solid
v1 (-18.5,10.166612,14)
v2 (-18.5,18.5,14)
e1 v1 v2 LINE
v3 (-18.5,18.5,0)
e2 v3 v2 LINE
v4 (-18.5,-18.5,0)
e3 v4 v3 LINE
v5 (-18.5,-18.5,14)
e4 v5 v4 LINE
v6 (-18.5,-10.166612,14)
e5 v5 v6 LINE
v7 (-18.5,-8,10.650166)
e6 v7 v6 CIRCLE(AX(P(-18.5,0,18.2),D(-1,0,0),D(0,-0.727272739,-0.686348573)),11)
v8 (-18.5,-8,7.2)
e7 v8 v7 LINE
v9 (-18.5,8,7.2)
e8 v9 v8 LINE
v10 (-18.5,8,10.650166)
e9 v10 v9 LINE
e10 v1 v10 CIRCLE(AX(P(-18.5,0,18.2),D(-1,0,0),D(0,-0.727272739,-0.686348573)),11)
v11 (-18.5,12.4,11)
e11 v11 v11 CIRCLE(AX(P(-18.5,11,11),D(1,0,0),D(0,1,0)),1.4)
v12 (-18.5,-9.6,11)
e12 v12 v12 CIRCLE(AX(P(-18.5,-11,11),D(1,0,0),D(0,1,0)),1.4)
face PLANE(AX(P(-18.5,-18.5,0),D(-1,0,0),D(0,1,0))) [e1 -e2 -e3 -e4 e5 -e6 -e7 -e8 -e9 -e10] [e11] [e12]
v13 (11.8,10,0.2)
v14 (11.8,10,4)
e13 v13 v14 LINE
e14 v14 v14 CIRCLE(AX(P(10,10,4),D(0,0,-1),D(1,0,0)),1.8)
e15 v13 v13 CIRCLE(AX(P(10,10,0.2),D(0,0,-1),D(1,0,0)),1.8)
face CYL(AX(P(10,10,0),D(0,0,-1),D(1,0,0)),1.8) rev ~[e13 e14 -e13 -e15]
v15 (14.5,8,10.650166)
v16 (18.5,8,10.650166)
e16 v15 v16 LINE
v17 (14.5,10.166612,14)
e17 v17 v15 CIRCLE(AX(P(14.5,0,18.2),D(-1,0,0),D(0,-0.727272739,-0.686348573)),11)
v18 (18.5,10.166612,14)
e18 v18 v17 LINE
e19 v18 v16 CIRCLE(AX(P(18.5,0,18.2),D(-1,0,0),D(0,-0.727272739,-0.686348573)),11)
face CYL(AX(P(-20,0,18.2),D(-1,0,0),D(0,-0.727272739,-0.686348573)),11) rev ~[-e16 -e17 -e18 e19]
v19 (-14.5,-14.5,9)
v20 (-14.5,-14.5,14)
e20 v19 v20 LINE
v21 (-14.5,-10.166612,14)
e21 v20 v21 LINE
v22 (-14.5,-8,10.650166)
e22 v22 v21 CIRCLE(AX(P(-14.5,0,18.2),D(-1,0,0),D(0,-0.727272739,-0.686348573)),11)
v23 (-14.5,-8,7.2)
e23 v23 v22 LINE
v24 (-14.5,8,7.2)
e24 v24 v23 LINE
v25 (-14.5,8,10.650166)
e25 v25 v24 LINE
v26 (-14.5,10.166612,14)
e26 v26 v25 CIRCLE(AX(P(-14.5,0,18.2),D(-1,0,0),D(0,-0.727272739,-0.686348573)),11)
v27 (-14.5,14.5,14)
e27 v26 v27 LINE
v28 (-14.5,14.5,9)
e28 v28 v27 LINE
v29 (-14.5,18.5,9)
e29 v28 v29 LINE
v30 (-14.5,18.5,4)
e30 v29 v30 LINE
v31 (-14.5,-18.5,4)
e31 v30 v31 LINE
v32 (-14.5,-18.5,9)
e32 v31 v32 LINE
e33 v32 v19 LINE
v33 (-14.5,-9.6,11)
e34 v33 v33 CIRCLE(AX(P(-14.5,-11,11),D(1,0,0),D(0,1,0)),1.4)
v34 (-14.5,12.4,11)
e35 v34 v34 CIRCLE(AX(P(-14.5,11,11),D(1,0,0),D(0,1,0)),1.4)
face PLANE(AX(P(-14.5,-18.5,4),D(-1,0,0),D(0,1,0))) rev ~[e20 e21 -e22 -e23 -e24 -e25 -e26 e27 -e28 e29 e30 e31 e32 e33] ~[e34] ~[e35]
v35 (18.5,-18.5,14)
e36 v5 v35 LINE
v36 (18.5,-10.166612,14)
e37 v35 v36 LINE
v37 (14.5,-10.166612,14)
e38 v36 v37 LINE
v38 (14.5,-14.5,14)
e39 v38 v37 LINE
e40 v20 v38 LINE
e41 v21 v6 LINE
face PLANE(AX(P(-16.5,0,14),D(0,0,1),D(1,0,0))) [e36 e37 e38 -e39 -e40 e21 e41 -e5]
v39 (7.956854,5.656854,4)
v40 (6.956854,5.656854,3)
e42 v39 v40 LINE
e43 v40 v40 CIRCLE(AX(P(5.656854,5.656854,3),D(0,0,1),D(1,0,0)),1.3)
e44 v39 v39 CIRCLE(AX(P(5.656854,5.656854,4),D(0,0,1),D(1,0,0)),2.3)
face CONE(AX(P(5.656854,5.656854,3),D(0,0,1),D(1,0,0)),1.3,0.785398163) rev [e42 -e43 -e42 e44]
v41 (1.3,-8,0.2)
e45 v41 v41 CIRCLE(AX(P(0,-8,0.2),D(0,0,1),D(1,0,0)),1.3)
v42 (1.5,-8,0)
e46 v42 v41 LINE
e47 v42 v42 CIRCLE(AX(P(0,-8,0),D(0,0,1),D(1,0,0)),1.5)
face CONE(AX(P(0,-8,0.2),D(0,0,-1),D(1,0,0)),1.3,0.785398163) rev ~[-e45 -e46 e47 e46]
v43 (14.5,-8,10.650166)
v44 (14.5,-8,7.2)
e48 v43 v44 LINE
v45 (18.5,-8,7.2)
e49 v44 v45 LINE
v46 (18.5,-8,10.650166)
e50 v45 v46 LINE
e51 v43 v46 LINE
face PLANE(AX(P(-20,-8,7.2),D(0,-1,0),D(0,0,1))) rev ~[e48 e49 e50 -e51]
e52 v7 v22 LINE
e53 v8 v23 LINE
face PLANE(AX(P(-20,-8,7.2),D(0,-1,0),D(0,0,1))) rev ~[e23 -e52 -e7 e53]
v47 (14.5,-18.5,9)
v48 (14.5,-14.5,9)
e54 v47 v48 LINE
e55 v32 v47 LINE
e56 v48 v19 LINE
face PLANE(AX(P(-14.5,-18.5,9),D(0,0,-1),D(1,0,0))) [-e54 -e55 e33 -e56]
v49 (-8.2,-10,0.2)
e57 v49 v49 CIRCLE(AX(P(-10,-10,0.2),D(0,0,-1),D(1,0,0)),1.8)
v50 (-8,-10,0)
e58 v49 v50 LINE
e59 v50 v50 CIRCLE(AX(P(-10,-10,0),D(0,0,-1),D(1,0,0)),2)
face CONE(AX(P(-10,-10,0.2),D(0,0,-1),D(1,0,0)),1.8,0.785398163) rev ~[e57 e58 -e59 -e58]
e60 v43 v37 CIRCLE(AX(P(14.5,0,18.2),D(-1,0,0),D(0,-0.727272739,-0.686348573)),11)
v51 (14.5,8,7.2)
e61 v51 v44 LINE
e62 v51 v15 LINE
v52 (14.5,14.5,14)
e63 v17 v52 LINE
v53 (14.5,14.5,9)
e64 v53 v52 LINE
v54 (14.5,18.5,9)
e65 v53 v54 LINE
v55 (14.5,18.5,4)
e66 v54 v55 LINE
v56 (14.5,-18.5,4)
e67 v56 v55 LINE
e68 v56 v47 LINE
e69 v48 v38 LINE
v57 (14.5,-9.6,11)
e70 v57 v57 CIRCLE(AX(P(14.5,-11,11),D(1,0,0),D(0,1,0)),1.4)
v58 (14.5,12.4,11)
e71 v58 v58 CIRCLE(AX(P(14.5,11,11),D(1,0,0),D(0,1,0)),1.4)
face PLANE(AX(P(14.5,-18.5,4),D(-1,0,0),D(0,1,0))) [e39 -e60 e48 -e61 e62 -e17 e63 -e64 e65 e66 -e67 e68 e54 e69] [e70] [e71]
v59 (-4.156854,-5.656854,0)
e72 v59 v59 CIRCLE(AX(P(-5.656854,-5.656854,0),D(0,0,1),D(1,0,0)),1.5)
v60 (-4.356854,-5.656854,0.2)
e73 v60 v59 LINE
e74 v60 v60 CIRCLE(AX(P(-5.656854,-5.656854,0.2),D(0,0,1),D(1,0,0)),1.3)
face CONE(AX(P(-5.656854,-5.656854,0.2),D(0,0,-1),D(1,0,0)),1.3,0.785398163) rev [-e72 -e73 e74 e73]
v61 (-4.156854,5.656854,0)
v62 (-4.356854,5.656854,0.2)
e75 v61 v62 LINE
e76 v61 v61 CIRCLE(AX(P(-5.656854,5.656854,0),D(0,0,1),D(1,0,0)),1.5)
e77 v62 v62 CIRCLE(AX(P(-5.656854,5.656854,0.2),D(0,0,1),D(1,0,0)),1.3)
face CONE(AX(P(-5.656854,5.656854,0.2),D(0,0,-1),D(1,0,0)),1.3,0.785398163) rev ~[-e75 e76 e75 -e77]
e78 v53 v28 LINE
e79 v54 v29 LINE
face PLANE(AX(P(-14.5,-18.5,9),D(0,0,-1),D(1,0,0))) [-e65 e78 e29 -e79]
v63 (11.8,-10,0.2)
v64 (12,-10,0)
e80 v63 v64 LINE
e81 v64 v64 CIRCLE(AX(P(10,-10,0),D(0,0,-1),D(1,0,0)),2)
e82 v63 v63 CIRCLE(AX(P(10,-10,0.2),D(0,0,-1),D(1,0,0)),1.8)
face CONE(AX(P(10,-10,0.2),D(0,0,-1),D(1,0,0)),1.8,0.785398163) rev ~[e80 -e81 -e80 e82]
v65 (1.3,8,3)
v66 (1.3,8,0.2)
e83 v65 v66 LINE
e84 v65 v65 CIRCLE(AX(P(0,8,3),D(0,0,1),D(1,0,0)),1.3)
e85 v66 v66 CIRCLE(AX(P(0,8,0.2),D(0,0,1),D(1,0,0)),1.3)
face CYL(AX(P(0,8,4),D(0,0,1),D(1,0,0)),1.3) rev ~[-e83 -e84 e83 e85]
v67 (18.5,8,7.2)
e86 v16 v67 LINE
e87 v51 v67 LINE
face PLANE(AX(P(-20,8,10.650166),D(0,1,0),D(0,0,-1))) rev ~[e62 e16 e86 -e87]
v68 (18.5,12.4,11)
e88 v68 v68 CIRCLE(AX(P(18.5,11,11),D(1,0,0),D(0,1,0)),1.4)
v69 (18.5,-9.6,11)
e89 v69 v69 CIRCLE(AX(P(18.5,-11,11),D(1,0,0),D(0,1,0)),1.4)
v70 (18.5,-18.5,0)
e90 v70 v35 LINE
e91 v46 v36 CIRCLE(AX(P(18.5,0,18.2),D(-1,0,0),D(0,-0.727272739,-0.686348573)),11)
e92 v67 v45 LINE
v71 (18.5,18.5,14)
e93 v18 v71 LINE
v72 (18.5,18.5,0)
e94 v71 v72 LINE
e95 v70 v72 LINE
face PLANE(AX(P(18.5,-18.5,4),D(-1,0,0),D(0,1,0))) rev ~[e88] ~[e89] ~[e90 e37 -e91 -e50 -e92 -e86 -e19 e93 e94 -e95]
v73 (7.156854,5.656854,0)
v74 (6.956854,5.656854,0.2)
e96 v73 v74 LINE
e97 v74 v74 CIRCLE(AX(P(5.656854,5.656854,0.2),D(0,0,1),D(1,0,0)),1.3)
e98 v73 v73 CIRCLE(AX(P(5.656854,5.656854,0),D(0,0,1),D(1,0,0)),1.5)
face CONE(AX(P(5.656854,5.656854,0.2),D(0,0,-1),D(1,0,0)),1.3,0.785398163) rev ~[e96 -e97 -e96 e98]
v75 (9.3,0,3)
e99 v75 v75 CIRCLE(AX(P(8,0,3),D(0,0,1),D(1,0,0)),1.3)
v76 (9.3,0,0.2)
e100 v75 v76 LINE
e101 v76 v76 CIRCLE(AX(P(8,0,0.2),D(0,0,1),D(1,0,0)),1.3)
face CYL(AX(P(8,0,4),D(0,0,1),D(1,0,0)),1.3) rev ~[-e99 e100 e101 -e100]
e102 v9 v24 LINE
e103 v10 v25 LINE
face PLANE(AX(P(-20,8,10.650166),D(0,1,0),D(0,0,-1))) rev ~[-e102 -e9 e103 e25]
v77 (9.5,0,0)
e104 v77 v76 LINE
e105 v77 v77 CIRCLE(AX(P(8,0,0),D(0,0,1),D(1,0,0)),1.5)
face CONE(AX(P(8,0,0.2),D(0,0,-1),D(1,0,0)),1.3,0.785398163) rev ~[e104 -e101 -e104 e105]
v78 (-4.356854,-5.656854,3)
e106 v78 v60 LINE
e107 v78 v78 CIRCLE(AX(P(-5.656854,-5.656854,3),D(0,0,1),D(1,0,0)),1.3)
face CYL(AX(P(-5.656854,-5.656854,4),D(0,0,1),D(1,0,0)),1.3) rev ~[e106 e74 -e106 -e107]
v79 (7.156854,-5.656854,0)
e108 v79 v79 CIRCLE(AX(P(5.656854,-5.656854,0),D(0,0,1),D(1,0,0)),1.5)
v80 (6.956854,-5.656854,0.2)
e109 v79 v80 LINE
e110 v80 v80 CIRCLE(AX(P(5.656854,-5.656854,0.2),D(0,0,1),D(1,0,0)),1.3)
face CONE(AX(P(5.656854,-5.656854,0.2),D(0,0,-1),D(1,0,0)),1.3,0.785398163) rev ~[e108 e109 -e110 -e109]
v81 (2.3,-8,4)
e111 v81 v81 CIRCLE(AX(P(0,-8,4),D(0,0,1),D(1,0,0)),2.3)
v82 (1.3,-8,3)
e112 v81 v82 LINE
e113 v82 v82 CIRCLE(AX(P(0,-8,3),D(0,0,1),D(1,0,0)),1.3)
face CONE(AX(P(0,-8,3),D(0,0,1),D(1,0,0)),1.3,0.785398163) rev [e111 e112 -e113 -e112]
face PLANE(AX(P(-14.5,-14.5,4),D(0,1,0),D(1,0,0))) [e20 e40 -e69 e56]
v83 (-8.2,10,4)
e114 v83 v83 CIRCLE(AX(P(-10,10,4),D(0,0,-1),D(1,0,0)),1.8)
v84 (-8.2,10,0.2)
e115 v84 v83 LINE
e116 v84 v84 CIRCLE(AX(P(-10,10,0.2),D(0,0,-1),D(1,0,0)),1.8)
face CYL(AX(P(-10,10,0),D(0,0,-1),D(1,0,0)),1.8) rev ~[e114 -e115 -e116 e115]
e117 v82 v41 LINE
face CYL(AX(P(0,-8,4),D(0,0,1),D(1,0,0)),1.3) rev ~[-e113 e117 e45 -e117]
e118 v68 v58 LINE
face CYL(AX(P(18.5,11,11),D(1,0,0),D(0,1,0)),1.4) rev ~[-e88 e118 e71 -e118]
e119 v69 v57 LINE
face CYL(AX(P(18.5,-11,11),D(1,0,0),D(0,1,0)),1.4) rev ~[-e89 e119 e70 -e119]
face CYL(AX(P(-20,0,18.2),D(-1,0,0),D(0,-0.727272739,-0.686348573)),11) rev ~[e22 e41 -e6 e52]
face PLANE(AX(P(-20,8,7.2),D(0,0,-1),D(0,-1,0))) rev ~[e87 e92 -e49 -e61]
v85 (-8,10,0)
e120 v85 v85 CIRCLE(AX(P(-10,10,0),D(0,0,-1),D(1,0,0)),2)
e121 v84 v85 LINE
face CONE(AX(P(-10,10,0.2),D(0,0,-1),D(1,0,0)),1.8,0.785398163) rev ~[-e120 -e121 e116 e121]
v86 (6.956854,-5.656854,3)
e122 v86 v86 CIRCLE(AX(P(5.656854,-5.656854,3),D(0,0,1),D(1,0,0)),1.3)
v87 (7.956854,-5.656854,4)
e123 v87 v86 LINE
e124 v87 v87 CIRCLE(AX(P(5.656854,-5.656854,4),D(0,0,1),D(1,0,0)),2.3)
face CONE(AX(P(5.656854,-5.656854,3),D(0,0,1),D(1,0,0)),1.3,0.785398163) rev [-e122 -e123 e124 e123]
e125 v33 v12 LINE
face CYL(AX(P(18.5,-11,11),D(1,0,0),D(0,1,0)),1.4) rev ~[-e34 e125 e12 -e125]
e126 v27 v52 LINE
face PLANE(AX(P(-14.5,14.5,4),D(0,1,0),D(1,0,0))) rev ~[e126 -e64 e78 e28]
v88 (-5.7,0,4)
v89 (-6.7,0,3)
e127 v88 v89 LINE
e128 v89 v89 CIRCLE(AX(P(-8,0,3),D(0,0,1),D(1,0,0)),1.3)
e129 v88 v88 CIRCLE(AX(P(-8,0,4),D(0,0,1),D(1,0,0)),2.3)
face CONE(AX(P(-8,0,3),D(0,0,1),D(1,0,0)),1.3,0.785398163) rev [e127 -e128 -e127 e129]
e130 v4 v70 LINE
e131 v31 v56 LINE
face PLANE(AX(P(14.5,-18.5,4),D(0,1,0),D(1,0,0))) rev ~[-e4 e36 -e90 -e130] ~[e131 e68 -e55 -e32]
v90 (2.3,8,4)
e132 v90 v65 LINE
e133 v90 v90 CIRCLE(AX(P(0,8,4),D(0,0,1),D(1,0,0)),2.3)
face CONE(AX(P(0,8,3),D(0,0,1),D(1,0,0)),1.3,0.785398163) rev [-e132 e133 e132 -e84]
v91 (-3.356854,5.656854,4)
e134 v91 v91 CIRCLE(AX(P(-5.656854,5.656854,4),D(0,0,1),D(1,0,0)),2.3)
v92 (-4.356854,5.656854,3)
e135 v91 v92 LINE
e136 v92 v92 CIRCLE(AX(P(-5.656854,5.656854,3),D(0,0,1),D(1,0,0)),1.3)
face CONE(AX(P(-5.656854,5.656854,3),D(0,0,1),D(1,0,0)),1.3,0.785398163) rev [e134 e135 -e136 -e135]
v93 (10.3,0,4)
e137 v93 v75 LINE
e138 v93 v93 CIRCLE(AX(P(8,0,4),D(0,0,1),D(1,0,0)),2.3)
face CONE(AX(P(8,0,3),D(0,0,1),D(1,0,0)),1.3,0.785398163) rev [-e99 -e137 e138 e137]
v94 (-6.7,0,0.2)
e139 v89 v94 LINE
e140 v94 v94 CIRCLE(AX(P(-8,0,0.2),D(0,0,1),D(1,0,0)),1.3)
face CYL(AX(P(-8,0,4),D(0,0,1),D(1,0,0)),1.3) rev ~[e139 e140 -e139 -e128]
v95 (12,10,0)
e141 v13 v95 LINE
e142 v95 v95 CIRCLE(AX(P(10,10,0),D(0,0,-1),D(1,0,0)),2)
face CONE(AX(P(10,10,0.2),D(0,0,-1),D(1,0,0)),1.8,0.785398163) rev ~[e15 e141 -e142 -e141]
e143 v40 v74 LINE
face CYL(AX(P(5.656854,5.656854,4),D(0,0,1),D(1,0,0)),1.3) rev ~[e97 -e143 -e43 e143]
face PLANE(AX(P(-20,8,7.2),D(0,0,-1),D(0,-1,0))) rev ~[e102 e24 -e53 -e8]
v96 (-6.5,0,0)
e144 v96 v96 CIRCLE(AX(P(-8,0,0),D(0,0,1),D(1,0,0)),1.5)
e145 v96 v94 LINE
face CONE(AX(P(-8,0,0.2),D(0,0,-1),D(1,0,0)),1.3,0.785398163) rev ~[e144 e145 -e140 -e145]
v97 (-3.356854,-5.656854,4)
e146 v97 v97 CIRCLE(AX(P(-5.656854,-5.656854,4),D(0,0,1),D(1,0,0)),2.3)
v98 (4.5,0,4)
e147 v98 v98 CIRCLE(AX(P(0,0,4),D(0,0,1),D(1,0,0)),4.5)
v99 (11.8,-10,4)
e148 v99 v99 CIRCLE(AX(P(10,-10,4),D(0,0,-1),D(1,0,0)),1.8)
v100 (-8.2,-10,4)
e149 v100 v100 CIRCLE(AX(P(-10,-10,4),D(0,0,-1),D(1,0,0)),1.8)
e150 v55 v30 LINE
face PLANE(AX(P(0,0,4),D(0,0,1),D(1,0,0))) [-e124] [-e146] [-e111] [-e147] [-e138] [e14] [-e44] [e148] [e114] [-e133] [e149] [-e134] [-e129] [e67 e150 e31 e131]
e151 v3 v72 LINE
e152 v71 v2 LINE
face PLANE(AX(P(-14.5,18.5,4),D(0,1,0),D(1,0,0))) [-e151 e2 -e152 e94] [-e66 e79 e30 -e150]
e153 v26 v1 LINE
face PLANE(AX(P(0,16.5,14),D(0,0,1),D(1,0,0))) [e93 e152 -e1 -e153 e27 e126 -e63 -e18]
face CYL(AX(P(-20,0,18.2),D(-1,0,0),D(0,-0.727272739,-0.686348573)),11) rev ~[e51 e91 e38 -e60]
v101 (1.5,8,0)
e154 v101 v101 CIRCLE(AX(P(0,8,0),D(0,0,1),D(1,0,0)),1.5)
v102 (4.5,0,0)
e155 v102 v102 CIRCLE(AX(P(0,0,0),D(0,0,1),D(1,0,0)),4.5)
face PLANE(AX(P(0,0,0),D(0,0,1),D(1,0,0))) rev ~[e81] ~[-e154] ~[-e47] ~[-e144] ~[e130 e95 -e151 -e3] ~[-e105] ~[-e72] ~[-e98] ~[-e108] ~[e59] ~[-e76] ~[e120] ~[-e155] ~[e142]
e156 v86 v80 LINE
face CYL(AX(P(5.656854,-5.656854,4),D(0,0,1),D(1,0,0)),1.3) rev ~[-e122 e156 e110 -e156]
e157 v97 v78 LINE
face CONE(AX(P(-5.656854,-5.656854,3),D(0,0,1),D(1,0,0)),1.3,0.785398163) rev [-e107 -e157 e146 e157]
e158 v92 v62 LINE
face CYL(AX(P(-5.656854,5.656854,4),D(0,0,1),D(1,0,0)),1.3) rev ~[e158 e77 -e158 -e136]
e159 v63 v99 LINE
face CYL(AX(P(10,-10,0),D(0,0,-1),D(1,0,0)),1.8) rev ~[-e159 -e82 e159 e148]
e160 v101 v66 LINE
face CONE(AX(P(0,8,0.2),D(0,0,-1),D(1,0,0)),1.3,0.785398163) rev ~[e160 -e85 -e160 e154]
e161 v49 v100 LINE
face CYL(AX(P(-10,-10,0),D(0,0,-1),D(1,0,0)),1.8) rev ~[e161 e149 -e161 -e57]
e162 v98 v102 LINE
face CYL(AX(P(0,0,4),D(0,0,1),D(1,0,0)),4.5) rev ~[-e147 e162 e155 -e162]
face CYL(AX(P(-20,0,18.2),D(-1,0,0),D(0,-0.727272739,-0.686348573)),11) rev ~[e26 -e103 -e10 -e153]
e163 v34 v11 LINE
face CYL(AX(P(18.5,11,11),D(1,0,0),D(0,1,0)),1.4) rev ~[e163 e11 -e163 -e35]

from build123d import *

# Parameters (mm, degrees)
SKETCH_W        = 37
SKETCH_H        = 37
PAD_DEPTH       = 4
SKETCH001_W     = 4
SKETCH001_H     = 37
PAD001_DEPTH    = 10
SKETCH002_R     = 1.4
POCKET_DEPTH    = 100
POCKET003_DEPTH = 100
SKETCH004_R     = 1.3
SKETCH004_R_2   = 4.5
POCKET007_DEPTH = 5
SKETCH008_R     = 1.8
POCKET009_DEPTH = 10
CHAMFER_SIZE    = 1
CHAMFER001_SIZE = 0.2
SKETCH009_W     = 29
SKETCH009_H     = 4
PAD002_DEPTH    = 10
SKETCH010_W     = 29
SKETCH010_H     = 5
POCKET010_DEPTH = 100


with BuildPart() as part:
    # Sketch → Pad (new body)
    with BuildSketch(Plane.XY):
        Rectangle(SKETCH_W, SKETCH_H)
    extrude(amount=PAD_DEPTH)

    # Sketch001 (on Face6 of Pad) → Pad001 (join)
    with BuildSketch(Plane.XY.offset(4)):
        with Locations((16.5, 0)):
            Rectangle(SKETCH001_W, SKETCH001_H)
        with Locations((-16.5, 0)):
            Rectangle(SKETCH001_W, SKETCH001_H)
    extrude(amount=PAD001_DEPTH)

    # Sketch002 (on Face13 of Pad001) → Pocket (cut)
    with BuildSketch(Plane.YZ.offset(18.5)):
        with Locations((-11, 11)):
            Circle(SKETCH002_R)
        with Locations((11, 11)):
            Circle(SKETCH002_R)
    extrude(amount=-POCKET_DEPTH, mode=Mode.SUBTRACT)

    # Sketch006 → Pocket003 (cut)
    with BuildSketch(Plane(origin=(-20, 0, 0), x_dir=(0, -1, 0), z_dir=(-1, 0, 0))):
        with BuildLine():
            ThreePointArc((8, 10.650166), (0, 29.2), (-8, 10.650166))
            Line((-8, 10.650166), (-8, 7.2))
            Line((-8, 7.2), (8, 7.2))
            Line((8, 7.2), (8, 10.650166))
        make_face()
    extrude(amount=-POCKET003_DEPTH, mode=Mode.SUBTRACT)

    # Sketch004 → Pocket007 (cut)
    with BuildSketch(Plane.XY.offset(4)):
        with Locations((0, 8)):
            Circle(SKETCH004_R)
        with Locations((8, 0)):
            Circle(SKETCH004_R)
        with Locations((0, -8)):
            Circle(SKETCH004_R)
        with Locations((-8, 0)):
            Circle(SKETCH004_R)
        Circle(SKETCH004_R_2)
        with Locations((5.656854, 5.656854)):
            Circle(SKETCH004_R)
        with Locations((-5.656854, 5.656854)):
            Circle(SKETCH004_R)
        with Locations((-5.656854, -5.656854)):
            Circle(SKETCH004_R)
        with Locations((5.656854, -5.656854)):
            Circle(SKETCH004_R)
    extrude(amount=-POCKET007_DEPTH, mode=Mode.SUBTRACT)

    # Sketch008 → Pocket009 (cut)
    with BuildSketch(Plane(origin=(0, 0, 0), x_dir=(1, 0, 0), z_dir=(0, 0, -1))):
        with Locations((10, 10)):
            Circle(SKETCH008_R)
        with Locations((-10, 10)):
            Circle(SKETCH008_R)
        with Locations((-10, -10)):
            Circle(SKETCH008_R)
        with Locations((10, -10)):
            Circle(SKETCH008_R)
    extrude(amount=-POCKET009_DEPTH, mode=Mode.SUBTRACT)

    # Chamfer
    chamfer_edges = [part.edges().sort_by_distance(p)[0] for p in [
        (-6.956854, -5.656854, 4),
        (-1.3, -8, 4),
        (4.356854, -5.656854, 4),
        (6.7, 0, 4),
        (4.356854, 5.656854, 4),
        (-1.3, 8, 4),
        (-6.956854, 5.656854, 4),
        (-9.3, 0, 4),
    ]]
    chamfer(chamfer_edges, length=CHAMFER_SIZE)

    # Chamfer001
    chamfer001_edges = [part.edges().sort_by_distance(p)[0] for p in [
        (-6.956854, -5.656854, 0),
        (-9.3, 0, 0),
        (-6.956854, 5.656854, 0),
        (-1.3, 8, 0),
        (4.356854, 5.656854, 0),
        (6.7, 0, 0),
        (4.356854, -5.656854, 0),
        (-1.3, -8, 0),
        (-11.8, -10, 0),
        (-11.8, 10, 0),
        (8.2, 10, 0),
        (8.2, -10, 0),
    ]]
    chamfer(chamfer001_edges, length=CHAMFER001_SIZE)

    # Sketch009 (on Face3 of Chamfer001) → Pad002 (join)
    with BuildSketch(Plane.XY.offset(4)):
        with Locations((0, 16.5)):
            Rectangle(SKETCH009_W, SKETCH009_H)
        with Locations((0, -16.5)):
            Rectangle(SKETCH009_W, SKETCH009_H)
    extrude(amount=PAD002_DEPTH)

    # Sketch010 (on Face69 of Pad002) → Pocket010 (cut)
    with BuildSketch(Plane.XZ.offset(18.5)):
        with Locations((0, 6.5)):
            Rectangle(SKETCH010_W, SKETCH010_H)
    extrude(amount=-POCKET010_DEPTH, mode=Mode.SUBTRACT)


solid = part.part
